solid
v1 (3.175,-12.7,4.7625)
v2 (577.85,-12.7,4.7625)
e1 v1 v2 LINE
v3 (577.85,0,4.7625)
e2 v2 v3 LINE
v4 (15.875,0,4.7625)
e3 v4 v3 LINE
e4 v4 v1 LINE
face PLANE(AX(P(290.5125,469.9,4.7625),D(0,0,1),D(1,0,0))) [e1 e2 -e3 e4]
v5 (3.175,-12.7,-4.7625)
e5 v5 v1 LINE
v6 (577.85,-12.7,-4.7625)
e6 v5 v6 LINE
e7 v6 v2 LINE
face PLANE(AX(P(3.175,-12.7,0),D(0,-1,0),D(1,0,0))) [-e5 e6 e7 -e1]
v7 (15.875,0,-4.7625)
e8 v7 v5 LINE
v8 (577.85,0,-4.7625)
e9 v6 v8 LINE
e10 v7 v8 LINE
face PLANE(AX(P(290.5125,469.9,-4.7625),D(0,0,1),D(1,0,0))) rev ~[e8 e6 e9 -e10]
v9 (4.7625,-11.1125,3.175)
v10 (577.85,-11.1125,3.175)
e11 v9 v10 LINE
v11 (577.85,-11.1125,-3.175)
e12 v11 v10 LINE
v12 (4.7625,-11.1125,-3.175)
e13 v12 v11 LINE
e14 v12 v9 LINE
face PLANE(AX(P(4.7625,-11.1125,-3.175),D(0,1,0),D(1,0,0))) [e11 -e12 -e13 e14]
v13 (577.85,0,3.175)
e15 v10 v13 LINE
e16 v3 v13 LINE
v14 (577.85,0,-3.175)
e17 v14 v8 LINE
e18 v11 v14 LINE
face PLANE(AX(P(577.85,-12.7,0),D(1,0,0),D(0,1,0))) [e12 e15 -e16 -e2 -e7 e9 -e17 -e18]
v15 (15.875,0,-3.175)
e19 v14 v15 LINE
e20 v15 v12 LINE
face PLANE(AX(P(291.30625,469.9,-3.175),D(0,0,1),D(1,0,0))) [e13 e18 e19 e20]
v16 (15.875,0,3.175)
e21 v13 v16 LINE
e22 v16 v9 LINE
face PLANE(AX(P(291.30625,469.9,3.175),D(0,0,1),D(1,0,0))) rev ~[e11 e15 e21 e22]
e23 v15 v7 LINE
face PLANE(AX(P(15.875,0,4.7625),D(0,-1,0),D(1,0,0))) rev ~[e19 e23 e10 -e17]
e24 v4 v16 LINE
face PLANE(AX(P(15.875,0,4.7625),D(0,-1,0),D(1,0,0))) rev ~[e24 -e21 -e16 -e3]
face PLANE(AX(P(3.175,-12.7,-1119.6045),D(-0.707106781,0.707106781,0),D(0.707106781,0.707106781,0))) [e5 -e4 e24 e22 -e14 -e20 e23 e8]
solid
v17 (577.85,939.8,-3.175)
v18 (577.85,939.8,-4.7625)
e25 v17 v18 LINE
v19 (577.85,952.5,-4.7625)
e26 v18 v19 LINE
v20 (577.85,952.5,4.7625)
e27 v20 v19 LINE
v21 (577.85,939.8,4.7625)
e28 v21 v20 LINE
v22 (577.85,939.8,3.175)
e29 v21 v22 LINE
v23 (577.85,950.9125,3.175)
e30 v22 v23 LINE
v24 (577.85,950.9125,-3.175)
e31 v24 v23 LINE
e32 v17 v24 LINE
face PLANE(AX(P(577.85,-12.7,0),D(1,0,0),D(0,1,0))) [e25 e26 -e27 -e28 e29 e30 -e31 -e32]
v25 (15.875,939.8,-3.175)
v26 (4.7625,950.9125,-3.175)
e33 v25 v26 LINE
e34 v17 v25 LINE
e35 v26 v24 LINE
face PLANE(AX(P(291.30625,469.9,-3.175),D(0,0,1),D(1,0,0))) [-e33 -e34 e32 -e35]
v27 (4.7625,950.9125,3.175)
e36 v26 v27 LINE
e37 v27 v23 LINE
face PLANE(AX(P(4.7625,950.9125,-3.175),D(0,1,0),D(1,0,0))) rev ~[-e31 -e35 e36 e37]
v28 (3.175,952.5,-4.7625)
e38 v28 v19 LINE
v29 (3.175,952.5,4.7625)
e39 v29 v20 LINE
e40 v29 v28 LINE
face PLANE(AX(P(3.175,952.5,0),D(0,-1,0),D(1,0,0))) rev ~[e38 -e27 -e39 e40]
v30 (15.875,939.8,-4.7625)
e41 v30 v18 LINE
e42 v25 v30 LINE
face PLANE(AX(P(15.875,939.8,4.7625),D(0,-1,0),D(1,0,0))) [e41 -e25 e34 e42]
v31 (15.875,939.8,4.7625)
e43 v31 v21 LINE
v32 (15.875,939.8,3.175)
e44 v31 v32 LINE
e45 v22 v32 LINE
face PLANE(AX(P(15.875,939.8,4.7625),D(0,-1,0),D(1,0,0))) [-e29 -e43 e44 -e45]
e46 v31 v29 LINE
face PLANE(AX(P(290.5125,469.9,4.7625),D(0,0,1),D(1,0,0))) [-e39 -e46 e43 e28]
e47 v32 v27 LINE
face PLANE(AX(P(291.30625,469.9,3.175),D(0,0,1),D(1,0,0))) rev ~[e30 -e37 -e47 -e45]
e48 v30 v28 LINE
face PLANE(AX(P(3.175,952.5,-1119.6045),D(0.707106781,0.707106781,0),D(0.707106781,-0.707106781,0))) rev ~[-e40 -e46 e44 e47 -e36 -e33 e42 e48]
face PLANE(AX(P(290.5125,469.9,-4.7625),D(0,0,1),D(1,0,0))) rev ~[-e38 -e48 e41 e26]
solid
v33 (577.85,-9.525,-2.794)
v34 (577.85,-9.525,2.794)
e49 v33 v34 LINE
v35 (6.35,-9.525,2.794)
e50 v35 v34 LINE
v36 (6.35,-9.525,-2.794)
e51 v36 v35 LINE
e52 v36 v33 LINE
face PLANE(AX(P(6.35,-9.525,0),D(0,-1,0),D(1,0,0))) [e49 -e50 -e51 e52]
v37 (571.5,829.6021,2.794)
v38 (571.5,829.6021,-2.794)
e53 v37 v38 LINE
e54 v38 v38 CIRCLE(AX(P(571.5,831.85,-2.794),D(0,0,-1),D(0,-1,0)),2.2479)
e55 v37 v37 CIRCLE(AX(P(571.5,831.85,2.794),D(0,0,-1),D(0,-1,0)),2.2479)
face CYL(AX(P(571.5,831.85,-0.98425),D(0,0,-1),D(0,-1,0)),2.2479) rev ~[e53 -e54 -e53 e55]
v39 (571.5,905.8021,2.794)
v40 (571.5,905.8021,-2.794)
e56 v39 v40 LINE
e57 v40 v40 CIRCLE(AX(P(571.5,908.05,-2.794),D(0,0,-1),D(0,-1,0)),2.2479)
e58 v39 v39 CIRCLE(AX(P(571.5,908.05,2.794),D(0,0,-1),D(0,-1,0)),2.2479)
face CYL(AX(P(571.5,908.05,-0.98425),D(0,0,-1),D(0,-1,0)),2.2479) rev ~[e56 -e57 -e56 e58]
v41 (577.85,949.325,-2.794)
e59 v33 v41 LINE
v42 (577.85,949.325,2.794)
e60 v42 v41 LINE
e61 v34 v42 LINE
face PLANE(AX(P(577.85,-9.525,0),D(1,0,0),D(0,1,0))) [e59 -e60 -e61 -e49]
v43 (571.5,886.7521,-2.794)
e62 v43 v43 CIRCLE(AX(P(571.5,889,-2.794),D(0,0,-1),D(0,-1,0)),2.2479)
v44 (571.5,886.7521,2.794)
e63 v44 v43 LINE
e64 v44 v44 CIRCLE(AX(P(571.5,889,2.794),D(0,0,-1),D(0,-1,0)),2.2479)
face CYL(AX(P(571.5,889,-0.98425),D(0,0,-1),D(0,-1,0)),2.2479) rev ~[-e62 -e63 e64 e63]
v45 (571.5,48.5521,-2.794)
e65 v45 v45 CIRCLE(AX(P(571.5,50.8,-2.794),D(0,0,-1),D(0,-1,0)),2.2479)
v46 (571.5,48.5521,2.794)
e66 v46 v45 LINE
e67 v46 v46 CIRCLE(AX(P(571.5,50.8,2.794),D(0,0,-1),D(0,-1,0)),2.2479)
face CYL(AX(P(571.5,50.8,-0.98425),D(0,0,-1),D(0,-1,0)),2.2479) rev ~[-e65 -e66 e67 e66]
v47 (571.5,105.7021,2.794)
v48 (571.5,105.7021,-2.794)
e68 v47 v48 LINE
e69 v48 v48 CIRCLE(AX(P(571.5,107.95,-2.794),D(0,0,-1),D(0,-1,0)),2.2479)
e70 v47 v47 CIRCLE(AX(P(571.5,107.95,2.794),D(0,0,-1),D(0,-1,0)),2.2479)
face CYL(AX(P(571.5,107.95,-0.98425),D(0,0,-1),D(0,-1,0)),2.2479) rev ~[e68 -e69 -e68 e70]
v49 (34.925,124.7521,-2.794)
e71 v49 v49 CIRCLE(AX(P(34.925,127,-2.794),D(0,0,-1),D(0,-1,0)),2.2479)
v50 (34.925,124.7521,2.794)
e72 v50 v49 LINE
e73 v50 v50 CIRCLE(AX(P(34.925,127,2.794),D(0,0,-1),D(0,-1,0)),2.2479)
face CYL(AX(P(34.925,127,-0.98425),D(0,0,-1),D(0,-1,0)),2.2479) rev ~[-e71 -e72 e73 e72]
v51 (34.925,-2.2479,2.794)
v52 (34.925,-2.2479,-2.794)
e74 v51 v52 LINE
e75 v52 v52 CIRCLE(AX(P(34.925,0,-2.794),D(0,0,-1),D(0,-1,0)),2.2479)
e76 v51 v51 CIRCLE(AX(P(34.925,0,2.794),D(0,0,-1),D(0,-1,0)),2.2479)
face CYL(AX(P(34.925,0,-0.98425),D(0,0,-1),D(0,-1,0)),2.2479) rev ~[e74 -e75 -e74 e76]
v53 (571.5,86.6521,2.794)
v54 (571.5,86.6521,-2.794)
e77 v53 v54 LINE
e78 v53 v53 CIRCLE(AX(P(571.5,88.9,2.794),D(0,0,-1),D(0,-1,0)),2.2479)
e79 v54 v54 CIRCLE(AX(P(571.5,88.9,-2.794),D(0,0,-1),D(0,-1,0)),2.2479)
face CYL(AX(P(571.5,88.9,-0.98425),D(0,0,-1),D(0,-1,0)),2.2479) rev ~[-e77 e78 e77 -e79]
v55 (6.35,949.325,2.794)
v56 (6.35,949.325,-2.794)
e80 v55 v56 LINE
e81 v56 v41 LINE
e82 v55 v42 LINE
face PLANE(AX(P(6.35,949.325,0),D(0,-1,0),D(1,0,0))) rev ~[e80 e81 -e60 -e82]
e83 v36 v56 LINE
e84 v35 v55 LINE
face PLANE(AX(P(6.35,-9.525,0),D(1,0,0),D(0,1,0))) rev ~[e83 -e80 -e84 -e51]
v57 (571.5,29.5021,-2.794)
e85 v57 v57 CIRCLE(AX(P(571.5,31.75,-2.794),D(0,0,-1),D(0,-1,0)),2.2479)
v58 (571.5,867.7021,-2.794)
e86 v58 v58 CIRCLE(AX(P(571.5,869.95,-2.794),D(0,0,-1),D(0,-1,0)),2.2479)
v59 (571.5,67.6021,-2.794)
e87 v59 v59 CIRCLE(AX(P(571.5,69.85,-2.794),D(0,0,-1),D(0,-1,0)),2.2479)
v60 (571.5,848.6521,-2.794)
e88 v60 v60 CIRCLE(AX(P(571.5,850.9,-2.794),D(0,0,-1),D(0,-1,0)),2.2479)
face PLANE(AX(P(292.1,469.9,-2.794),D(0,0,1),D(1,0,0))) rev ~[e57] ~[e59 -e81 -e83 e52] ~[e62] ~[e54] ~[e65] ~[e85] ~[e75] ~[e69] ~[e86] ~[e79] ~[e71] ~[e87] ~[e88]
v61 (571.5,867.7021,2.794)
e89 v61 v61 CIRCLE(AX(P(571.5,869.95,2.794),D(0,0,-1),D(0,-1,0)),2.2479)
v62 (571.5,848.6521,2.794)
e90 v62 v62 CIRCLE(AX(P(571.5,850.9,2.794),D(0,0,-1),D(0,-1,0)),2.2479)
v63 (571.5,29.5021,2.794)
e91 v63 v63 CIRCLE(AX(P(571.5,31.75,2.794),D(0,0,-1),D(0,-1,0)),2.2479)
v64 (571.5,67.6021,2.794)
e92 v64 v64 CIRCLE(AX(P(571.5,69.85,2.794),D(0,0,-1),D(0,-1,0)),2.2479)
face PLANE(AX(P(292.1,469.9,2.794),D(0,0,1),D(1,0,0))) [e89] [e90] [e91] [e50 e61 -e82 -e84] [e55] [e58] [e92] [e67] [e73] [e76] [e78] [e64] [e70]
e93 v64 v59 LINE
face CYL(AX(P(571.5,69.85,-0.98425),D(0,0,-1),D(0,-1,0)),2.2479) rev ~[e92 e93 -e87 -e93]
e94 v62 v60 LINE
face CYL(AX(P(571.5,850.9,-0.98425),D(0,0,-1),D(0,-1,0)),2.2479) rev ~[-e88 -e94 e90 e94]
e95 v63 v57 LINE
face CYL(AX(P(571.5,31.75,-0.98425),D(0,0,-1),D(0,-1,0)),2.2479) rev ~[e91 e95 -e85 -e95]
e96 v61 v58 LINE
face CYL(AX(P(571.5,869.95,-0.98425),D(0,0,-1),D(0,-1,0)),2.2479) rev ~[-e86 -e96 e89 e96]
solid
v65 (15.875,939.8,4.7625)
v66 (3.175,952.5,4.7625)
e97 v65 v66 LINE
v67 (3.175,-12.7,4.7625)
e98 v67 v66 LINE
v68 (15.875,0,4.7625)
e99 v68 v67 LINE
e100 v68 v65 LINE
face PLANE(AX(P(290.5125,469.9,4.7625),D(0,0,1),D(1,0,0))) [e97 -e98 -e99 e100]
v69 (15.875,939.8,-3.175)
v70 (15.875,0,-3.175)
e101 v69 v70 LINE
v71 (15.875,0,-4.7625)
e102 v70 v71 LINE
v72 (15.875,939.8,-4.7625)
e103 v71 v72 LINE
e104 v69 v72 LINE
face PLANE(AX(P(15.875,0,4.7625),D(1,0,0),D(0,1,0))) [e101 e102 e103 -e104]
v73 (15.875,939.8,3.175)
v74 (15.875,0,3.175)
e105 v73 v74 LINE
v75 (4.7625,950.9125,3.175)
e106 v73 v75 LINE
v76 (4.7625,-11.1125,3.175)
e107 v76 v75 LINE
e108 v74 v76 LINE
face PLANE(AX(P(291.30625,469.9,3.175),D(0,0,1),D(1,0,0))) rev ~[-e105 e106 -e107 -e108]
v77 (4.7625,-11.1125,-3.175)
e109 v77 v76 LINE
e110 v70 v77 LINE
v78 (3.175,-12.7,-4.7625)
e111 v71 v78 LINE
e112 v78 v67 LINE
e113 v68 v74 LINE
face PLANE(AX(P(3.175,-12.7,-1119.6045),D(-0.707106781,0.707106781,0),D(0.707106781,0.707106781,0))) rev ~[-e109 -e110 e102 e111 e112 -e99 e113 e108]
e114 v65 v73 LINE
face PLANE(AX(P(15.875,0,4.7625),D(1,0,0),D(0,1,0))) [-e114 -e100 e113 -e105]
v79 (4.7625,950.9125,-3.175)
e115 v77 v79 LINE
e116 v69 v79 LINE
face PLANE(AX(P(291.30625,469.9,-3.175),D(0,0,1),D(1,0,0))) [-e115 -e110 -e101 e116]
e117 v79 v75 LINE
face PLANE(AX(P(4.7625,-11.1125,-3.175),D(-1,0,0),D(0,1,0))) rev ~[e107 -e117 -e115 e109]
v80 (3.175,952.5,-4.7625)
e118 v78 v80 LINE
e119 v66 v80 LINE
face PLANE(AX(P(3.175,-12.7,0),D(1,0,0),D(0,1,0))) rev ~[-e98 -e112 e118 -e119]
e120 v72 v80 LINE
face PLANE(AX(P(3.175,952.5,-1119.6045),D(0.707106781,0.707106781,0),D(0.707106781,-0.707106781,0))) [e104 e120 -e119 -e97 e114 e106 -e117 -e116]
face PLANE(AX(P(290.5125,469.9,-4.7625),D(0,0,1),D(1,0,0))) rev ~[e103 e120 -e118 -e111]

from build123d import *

# Parameters (mm, degrees)
SKETCH2_W                             = 574.675
SKETCH2_H                             = 965.2
FRAME_OUTER_DIMENSIONS_DEPTH          = 4.7625
SKETCH3_W                             = 561.975
SKETCH3_H                             = 939.8
FRAME_INNER_DIMENSIONS_DEPTH          = 1115.117407693
FRAME_PROFILE_DEPTH                   = 3.175
FRAME_PROFILE_DEPTH_BACK              = 3.175
SKETCH4_W                             = 573.0875
SKETCH4_H                             = 962.025
FRAME_SECTION_SPLIT_SURFACE_1_1_BACK  = 1124.367
FRAME_SECTION_SPLIT_SURFACE_1_1_DEPTH = 2248.734
FRAME_SECTION_SPLIT_SURFACE_1_2_BACK  = 1124.367
FRAME_SECTION_SPLIT_SURFACE_1_2_DEPTH = 2248.734
FRAME_SECTION_SPLIT_SURFACE_2_3_BACK  = 1124.367
FRAME_SECTION_SPLIT_SURFACE_2_3_DEPTH = 2248.734
FRAME_SECTION_SPLIT_SURFACE_2_4_BACK  = 1124.367
FRAME_SECTION_SPLIT_SURFACE_2_4_DEPTH = 2248.734
SKETCH5_W                             = 571.5
SKETCH5_H                             = 958.85
DOOR_PANEL_DEPTH                      = 2.794
SKETCH9_W                             = 2.2479
SKETCH9_H                             = 7.5565
F_8_CLEARANCE_HOLE1_AT_2_COUNT        = 2
F_8_CLEARANCE_HOLE1_AT_2_PITCH        = 19.05
F_8_CLEARANCE_HOLE1_AT_3_COUNT        = 2
F_8_CLEARANCE_HOLE1_AT_3_PITCH        = 38.1
F_8_CLEARANCE_HOLE1_AT_4_COUNT        = 2
F_8_CLEARANCE_HOLE1_AT_4_PITCH        = 57.15
F_8_CLEARANCE_HOLE1_AT_5_COUNT        = 2
F_8_CLEARANCE_HOLE1_AT_5_PITCH        = 76.2
F_8_CLEARANCE_HOLE1_AT_6_COUNT        = 2
F_8_CLEARANCE_HOLE1_AT_6_PITCH        = 819.15
F_8_CLEARANCE_HOLE1_AT_7_COUNT        = 2
F_8_CLEARANCE_HOLE1_AT_7_PITCH        = 838.2
F_8_CLEARANCE_HOLE1_AT_8_COUNT        = 2
F_8_CLEARANCE_HOLE1_AT_8_PITCH        = 857.25
F_8_CLEARANCE_HOLE1_AT_9_COUNT        = 2
F_8_CLEARANCE_HOLE1_AT_9_PITCH        = 876.3
F_8_CLEARANCE_HOLE1_AT_10_COUNT       = 2
F_8_CLEARANCE_HOLE1_AT_10_PITCH       = 800.1
SKETCH12_W                            = 2.2479
SKETCH12_H                            = 7.5565
F_8_CLEARANCE_HOLE2_AT_2_COUNT        = 2
F_8_CLEARANCE_HOLE2_AT_2_PITCH        = 127


with BuildPart() as part:
    # Sketch2 → Frame outer dimensions (new, symmetric)
    with BuildSketch(Plane.XY):
        with Locations((290.5125, 469.9)):
            Rectangle(SKETCH2_W, SKETCH2_H)
    extrude(amount=FRAME_OUTER_DIMENSIONS_DEPTH, both=True)

    # Sketch3 → Frame inner dimensions (cut, through all)
    with BuildSketch(Plane.XY.offset(4.7625)):
        with Locations((296.8625, 469.9)):
            Rectangle(SKETCH3_W, SKETCH3_H)
    extrude(amount=-FRAME_INNER_DIMENSIONS_DEPTH, mode=Mode.SUBTRACT)

    # Sketch4 → Frame profile (cut, two sides: drawn at the far end of the back side and taken through both)
    with BuildSketch(Plane.XY.offset(-FRAME_PROFILE_DEPTH_BACK)):
        with Locations((291.30625, 469.9)):
            Rectangle(SKETCH4_W, SKETCH4_H)
    extrude(amount=FRAME_PROFILE_DEPTH + FRAME_PROFILE_DEPTH_BACK, mode=Mode.SUBTRACT)


with BuildPart() as body_2:
    # Frame section split: the piece behind the surface
    add(part.part)
    # Frame section split surface 1: a surface, the sketch's curves swept straight by 2248.734 mm
    with BuildLine(Plane.XY.offset(4.7625).offset(-FRAME_SECTION_SPLIT_SURFACE_1_1_BACK), mode=Mode.PRIVATE) as frame_section_split_surface_1_1_path:
        Line((3.175, 952.5), (15.875, 939.8))
    frame_section_split_surface_1_1 = Shell.extrude(frame_section_split_surface_1_1_path.wire(), (0 * FRAME_SECTION_SPLIT_SURFACE_1_1_DEPTH, 0 * FRAME_SECTION_SPLIT_SURFACE_1_1_DEPTH, 1 * FRAME_SECTION_SPLIT_SURFACE_1_1_DEPTH))
    split(bisect_by=frame_section_split_surface_1_1, keep=Keep.BOTTOM)


with BuildPart() as part_1:
    add(part.part)

    # Frame section split: split by a surface, the side it looks to stays
    # Frame section split surface 1: a surface, the sketch's curves swept straight by 2248.734 mm
    with BuildLine(Plane.XY.offset(4.7625).offset(-FRAME_SECTION_SPLIT_SURFACE_1_2_BACK), mode=Mode.PRIVATE) as frame_section_split_surface_1_2_path:
        Line((3.175, 952.5), (15.875, 939.8))
    frame_section_split_surface_1_2 = Shell.extrude(frame_section_split_surface_1_2_path.wire(), (0 * FRAME_SECTION_SPLIT_SURFACE_1_2_DEPTH, 0 * FRAME_SECTION_SPLIT_SURFACE_1_2_DEPTH, 1 * FRAME_SECTION_SPLIT_SURFACE_1_2_DEPTH))
    split(bisect_by=frame_section_split_surface_1_2, keep=Keep.TOP)


with BuildPart() as body_3:
    # Frame section split 2 body 2: the piece behind the surface
    add(body_2.part)
    # Frame section split surface 2: a surface, the sketch's curves swept straight by 2248.734 mm
    with BuildLine(Plane.XY.offset(4.7625).offset(-FRAME_SECTION_SPLIT_SURFACE_2_3_BACK), mode=Mode.PRIVATE) as frame_section_split_surface_2_3_path:
        Line((3.175, -12.7), (15.875, 0))
    frame_section_split_surface_2_3 = Shell.extrude(frame_section_split_surface_2_3_path.wire(), (0 * FRAME_SECTION_SPLIT_SURFACE_2_3_DEPTH, 0 * FRAME_SECTION_SPLIT_SURFACE_2_3_DEPTH, 1 * FRAME_SECTION_SPLIT_SURFACE_2_3_DEPTH))
    split(bisect_by=frame_section_split_surface_2_3, keep=Keep.BOTTOM)


with BuildPart() as body_2_1:
    add(body_2.part)

    # Frame section split 2 body 2: split by a surface, the side it looks to stays
    # Frame section split surface 2: a surface, the sketch's curves swept straight by 2248.734 mm
    with BuildLine(Plane.XY.offset(4.7625).offset(-FRAME_SECTION_SPLIT_SURFACE_2_4_BACK), mode=Mode.PRIVATE) as frame_section_split_surface_2_4_path:
        Line((3.175, -12.7), (15.875, 0))
    frame_section_split_surface_2_4 = Shell.extrude(frame_section_split_surface_2_4_path.wire(), (0 * FRAME_SECTION_SPLIT_SURFACE_2_4_DEPTH, 0 * FRAME_SECTION_SPLIT_SURFACE_2_4_DEPTH, 1 * FRAME_SECTION_SPLIT_SURFACE_2_4_DEPTH))
    split(bisect_by=frame_section_split_surface_2_4, keep=Keep.TOP)


with BuildPart() as body_4:
    # Sketch5 → Door panel (new, symmetric)
    with BuildSketch(Plane.XY):
        with Locations((292.1, 469.9)):
            Rectangle(SKETCH5_W, SKETCH5_H)
    extrude(amount=DOOR_PANEL_DEPTH, both=True)

    # Sketch9 → #8 Clearance Hole1 (revolve, cut)
    with BuildSketch(Plane(origin=(571.5, 31.75, 2.794), x_dir=(0, -1, 0), z_dir=(1, 0, 0))):
        with Locations((1.12395, 3.77825)):
            Rectangle(SKETCH9_W, SKETCH9_H)
    f_8_clearance_hole1 = revolve(axis=Axis((571.5, 31.75, 9.144), (0, 0, -1)), mode=Mode.SUBTRACT)

    # #8 Clearance Hole1 at 2: #8 Clearance Hole1 ×2
    with Locations(*[(0, i * F_8_CLEARANCE_HOLE1_AT_2_PITCH, 0) for i in range(1, F_8_CLEARANCE_HOLE1_AT_2_COUNT)]):
        add(f_8_clearance_hole1, mode=Mode.SUBTRACT)

    # #8 Clearance Hole1 at 3: #8 Clearance Hole1 ×2
    with Locations(*[(0, i * F_8_CLEARANCE_HOLE1_AT_3_PITCH, 0) for i in range(1, F_8_CLEARANCE_HOLE1_AT_3_COUNT)]):
        add(f_8_clearance_hole1, mode=Mode.SUBTRACT)

    # #8 Clearance Hole1 at 4: #8 Clearance Hole1 ×2
    with Locations(*[(0, i * F_8_CLEARANCE_HOLE1_AT_4_PITCH, 0) for i in range(1, F_8_CLEARANCE_HOLE1_AT_4_COUNT)]):
        add(f_8_clearance_hole1, mode=Mode.SUBTRACT)

    # #8 Clearance Hole1 at 5: #8 Clearance Hole1 ×2
    with Locations(*[(0, i * F_8_CLEARANCE_HOLE1_AT_5_PITCH, 0) for i in range(1, F_8_CLEARANCE_HOLE1_AT_5_COUNT)]):
        add(f_8_clearance_hole1, mode=Mode.SUBTRACT)

    # #8 Clearance Hole1 at 6: #8 Clearance Hole1 ×2
    with Locations(*[(0, i * F_8_CLEARANCE_HOLE1_AT_6_PITCH, 0) for i in range(1, F_8_CLEARANCE_HOLE1_AT_6_COUNT)]):
        add(f_8_clearance_hole1, mode=Mode.SUBTRACT)

    # #8 Clearance Hole1 at 7: #8 Clearance Hole1 ×2
    with Locations(*[(0, i * F_8_CLEARANCE_HOLE1_AT_7_PITCH, 0) for i in range(1, F_8_CLEARANCE_HOLE1_AT_7_COUNT)]):
        add(f_8_clearance_hole1, mode=Mode.SUBTRACT)

    # #8 Clearance Hole1 at 8: #8 Clearance Hole1 ×2
    with Locations(*[(0, i * F_8_CLEARANCE_HOLE1_AT_8_PITCH, 0) for i in range(1, F_8_CLEARANCE_HOLE1_AT_8_COUNT)]):
        add(f_8_clearance_hole1, mode=Mode.SUBTRACT)

    # #8 Clearance Hole1 at 9: #8 Clearance Hole1 ×2
    with Locations(*[(0, i * F_8_CLEARANCE_HOLE1_AT_9_PITCH, 0) for i in range(1, F_8_CLEARANCE_HOLE1_AT_9_COUNT)]):
        add(f_8_clearance_hole1, mode=Mode.SUBTRACT)

    # #8 Clearance Hole1 at 10: #8 Clearance Hole1 ×2
    with Locations(*[(0, i * F_8_CLEARANCE_HOLE1_AT_10_PITCH, 0) for i in range(1, F_8_CLEARANCE_HOLE1_AT_10_COUNT)]):
        add(f_8_clearance_hole1, mode=Mode.SUBTRACT)

    # Sketch12 → #8 Clearance Hole2 (revolve, cut)
    with BuildSketch(Plane(origin=(34.925, 0, 2.794), x_dir=(0, -1, 0), z_dir=(1, 0, 0))):
        with Locations((1.12395, 3.77825)):
            Rectangle(SKETCH12_W, SKETCH12_H)
    f_8_clearance_hole2 = revolve(axis=Axis((34.925, 0, 9.144), (0, 0, -1)), mode=Mode.SUBTRACT)

    # #8 Clearance Hole2 at 2: #8 Clearance Hole2 ×2
    with Locations(*[(0, i * F_8_CLEARANCE_HOLE2_AT_2_PITCH, 0) for i in range(1, F_8_CLEARANCE_HOLE2_AT_2_COUNT)]):
        add(f_8_clearance_hole2, mode=Mode.SUBTRACT)


with BuildPart() as body_5:
    # Mirror1: mirrored copy
    add(part_1.part.mirror(Plane(origin=(0, 0, 0), x_dir=(0, 0, 1), z_dir=(1, 0, 0))))


with BuildPart() as body_6:
    # Mirror1 2: mirrored copy
    add(body_2_1.part.mirror(Plane(origin=(0, 0, 0), x_dir=(0, 0, 1), z_dir=(1, 0, 0))))


with BuildPart() as body_7:
    # Mirror1 3: mirrored copy
    add(body_3.part.mirror(Plane(origin=(0, 0, 0), x_dir=(0, 0, 1), z_dir=(1, 0, 0))))


with BuildPart() as body_8:
    # Mirror1 4: mirrored copy
    add(body_4.part.mirror(Plane(origin=(0, 0, 0), x_dir=(0, 0, 1), z_dir=(1, 0, 0))))


solid = Compound([part_1.part, body_3.part, body_2_1.part, body_4.part])
